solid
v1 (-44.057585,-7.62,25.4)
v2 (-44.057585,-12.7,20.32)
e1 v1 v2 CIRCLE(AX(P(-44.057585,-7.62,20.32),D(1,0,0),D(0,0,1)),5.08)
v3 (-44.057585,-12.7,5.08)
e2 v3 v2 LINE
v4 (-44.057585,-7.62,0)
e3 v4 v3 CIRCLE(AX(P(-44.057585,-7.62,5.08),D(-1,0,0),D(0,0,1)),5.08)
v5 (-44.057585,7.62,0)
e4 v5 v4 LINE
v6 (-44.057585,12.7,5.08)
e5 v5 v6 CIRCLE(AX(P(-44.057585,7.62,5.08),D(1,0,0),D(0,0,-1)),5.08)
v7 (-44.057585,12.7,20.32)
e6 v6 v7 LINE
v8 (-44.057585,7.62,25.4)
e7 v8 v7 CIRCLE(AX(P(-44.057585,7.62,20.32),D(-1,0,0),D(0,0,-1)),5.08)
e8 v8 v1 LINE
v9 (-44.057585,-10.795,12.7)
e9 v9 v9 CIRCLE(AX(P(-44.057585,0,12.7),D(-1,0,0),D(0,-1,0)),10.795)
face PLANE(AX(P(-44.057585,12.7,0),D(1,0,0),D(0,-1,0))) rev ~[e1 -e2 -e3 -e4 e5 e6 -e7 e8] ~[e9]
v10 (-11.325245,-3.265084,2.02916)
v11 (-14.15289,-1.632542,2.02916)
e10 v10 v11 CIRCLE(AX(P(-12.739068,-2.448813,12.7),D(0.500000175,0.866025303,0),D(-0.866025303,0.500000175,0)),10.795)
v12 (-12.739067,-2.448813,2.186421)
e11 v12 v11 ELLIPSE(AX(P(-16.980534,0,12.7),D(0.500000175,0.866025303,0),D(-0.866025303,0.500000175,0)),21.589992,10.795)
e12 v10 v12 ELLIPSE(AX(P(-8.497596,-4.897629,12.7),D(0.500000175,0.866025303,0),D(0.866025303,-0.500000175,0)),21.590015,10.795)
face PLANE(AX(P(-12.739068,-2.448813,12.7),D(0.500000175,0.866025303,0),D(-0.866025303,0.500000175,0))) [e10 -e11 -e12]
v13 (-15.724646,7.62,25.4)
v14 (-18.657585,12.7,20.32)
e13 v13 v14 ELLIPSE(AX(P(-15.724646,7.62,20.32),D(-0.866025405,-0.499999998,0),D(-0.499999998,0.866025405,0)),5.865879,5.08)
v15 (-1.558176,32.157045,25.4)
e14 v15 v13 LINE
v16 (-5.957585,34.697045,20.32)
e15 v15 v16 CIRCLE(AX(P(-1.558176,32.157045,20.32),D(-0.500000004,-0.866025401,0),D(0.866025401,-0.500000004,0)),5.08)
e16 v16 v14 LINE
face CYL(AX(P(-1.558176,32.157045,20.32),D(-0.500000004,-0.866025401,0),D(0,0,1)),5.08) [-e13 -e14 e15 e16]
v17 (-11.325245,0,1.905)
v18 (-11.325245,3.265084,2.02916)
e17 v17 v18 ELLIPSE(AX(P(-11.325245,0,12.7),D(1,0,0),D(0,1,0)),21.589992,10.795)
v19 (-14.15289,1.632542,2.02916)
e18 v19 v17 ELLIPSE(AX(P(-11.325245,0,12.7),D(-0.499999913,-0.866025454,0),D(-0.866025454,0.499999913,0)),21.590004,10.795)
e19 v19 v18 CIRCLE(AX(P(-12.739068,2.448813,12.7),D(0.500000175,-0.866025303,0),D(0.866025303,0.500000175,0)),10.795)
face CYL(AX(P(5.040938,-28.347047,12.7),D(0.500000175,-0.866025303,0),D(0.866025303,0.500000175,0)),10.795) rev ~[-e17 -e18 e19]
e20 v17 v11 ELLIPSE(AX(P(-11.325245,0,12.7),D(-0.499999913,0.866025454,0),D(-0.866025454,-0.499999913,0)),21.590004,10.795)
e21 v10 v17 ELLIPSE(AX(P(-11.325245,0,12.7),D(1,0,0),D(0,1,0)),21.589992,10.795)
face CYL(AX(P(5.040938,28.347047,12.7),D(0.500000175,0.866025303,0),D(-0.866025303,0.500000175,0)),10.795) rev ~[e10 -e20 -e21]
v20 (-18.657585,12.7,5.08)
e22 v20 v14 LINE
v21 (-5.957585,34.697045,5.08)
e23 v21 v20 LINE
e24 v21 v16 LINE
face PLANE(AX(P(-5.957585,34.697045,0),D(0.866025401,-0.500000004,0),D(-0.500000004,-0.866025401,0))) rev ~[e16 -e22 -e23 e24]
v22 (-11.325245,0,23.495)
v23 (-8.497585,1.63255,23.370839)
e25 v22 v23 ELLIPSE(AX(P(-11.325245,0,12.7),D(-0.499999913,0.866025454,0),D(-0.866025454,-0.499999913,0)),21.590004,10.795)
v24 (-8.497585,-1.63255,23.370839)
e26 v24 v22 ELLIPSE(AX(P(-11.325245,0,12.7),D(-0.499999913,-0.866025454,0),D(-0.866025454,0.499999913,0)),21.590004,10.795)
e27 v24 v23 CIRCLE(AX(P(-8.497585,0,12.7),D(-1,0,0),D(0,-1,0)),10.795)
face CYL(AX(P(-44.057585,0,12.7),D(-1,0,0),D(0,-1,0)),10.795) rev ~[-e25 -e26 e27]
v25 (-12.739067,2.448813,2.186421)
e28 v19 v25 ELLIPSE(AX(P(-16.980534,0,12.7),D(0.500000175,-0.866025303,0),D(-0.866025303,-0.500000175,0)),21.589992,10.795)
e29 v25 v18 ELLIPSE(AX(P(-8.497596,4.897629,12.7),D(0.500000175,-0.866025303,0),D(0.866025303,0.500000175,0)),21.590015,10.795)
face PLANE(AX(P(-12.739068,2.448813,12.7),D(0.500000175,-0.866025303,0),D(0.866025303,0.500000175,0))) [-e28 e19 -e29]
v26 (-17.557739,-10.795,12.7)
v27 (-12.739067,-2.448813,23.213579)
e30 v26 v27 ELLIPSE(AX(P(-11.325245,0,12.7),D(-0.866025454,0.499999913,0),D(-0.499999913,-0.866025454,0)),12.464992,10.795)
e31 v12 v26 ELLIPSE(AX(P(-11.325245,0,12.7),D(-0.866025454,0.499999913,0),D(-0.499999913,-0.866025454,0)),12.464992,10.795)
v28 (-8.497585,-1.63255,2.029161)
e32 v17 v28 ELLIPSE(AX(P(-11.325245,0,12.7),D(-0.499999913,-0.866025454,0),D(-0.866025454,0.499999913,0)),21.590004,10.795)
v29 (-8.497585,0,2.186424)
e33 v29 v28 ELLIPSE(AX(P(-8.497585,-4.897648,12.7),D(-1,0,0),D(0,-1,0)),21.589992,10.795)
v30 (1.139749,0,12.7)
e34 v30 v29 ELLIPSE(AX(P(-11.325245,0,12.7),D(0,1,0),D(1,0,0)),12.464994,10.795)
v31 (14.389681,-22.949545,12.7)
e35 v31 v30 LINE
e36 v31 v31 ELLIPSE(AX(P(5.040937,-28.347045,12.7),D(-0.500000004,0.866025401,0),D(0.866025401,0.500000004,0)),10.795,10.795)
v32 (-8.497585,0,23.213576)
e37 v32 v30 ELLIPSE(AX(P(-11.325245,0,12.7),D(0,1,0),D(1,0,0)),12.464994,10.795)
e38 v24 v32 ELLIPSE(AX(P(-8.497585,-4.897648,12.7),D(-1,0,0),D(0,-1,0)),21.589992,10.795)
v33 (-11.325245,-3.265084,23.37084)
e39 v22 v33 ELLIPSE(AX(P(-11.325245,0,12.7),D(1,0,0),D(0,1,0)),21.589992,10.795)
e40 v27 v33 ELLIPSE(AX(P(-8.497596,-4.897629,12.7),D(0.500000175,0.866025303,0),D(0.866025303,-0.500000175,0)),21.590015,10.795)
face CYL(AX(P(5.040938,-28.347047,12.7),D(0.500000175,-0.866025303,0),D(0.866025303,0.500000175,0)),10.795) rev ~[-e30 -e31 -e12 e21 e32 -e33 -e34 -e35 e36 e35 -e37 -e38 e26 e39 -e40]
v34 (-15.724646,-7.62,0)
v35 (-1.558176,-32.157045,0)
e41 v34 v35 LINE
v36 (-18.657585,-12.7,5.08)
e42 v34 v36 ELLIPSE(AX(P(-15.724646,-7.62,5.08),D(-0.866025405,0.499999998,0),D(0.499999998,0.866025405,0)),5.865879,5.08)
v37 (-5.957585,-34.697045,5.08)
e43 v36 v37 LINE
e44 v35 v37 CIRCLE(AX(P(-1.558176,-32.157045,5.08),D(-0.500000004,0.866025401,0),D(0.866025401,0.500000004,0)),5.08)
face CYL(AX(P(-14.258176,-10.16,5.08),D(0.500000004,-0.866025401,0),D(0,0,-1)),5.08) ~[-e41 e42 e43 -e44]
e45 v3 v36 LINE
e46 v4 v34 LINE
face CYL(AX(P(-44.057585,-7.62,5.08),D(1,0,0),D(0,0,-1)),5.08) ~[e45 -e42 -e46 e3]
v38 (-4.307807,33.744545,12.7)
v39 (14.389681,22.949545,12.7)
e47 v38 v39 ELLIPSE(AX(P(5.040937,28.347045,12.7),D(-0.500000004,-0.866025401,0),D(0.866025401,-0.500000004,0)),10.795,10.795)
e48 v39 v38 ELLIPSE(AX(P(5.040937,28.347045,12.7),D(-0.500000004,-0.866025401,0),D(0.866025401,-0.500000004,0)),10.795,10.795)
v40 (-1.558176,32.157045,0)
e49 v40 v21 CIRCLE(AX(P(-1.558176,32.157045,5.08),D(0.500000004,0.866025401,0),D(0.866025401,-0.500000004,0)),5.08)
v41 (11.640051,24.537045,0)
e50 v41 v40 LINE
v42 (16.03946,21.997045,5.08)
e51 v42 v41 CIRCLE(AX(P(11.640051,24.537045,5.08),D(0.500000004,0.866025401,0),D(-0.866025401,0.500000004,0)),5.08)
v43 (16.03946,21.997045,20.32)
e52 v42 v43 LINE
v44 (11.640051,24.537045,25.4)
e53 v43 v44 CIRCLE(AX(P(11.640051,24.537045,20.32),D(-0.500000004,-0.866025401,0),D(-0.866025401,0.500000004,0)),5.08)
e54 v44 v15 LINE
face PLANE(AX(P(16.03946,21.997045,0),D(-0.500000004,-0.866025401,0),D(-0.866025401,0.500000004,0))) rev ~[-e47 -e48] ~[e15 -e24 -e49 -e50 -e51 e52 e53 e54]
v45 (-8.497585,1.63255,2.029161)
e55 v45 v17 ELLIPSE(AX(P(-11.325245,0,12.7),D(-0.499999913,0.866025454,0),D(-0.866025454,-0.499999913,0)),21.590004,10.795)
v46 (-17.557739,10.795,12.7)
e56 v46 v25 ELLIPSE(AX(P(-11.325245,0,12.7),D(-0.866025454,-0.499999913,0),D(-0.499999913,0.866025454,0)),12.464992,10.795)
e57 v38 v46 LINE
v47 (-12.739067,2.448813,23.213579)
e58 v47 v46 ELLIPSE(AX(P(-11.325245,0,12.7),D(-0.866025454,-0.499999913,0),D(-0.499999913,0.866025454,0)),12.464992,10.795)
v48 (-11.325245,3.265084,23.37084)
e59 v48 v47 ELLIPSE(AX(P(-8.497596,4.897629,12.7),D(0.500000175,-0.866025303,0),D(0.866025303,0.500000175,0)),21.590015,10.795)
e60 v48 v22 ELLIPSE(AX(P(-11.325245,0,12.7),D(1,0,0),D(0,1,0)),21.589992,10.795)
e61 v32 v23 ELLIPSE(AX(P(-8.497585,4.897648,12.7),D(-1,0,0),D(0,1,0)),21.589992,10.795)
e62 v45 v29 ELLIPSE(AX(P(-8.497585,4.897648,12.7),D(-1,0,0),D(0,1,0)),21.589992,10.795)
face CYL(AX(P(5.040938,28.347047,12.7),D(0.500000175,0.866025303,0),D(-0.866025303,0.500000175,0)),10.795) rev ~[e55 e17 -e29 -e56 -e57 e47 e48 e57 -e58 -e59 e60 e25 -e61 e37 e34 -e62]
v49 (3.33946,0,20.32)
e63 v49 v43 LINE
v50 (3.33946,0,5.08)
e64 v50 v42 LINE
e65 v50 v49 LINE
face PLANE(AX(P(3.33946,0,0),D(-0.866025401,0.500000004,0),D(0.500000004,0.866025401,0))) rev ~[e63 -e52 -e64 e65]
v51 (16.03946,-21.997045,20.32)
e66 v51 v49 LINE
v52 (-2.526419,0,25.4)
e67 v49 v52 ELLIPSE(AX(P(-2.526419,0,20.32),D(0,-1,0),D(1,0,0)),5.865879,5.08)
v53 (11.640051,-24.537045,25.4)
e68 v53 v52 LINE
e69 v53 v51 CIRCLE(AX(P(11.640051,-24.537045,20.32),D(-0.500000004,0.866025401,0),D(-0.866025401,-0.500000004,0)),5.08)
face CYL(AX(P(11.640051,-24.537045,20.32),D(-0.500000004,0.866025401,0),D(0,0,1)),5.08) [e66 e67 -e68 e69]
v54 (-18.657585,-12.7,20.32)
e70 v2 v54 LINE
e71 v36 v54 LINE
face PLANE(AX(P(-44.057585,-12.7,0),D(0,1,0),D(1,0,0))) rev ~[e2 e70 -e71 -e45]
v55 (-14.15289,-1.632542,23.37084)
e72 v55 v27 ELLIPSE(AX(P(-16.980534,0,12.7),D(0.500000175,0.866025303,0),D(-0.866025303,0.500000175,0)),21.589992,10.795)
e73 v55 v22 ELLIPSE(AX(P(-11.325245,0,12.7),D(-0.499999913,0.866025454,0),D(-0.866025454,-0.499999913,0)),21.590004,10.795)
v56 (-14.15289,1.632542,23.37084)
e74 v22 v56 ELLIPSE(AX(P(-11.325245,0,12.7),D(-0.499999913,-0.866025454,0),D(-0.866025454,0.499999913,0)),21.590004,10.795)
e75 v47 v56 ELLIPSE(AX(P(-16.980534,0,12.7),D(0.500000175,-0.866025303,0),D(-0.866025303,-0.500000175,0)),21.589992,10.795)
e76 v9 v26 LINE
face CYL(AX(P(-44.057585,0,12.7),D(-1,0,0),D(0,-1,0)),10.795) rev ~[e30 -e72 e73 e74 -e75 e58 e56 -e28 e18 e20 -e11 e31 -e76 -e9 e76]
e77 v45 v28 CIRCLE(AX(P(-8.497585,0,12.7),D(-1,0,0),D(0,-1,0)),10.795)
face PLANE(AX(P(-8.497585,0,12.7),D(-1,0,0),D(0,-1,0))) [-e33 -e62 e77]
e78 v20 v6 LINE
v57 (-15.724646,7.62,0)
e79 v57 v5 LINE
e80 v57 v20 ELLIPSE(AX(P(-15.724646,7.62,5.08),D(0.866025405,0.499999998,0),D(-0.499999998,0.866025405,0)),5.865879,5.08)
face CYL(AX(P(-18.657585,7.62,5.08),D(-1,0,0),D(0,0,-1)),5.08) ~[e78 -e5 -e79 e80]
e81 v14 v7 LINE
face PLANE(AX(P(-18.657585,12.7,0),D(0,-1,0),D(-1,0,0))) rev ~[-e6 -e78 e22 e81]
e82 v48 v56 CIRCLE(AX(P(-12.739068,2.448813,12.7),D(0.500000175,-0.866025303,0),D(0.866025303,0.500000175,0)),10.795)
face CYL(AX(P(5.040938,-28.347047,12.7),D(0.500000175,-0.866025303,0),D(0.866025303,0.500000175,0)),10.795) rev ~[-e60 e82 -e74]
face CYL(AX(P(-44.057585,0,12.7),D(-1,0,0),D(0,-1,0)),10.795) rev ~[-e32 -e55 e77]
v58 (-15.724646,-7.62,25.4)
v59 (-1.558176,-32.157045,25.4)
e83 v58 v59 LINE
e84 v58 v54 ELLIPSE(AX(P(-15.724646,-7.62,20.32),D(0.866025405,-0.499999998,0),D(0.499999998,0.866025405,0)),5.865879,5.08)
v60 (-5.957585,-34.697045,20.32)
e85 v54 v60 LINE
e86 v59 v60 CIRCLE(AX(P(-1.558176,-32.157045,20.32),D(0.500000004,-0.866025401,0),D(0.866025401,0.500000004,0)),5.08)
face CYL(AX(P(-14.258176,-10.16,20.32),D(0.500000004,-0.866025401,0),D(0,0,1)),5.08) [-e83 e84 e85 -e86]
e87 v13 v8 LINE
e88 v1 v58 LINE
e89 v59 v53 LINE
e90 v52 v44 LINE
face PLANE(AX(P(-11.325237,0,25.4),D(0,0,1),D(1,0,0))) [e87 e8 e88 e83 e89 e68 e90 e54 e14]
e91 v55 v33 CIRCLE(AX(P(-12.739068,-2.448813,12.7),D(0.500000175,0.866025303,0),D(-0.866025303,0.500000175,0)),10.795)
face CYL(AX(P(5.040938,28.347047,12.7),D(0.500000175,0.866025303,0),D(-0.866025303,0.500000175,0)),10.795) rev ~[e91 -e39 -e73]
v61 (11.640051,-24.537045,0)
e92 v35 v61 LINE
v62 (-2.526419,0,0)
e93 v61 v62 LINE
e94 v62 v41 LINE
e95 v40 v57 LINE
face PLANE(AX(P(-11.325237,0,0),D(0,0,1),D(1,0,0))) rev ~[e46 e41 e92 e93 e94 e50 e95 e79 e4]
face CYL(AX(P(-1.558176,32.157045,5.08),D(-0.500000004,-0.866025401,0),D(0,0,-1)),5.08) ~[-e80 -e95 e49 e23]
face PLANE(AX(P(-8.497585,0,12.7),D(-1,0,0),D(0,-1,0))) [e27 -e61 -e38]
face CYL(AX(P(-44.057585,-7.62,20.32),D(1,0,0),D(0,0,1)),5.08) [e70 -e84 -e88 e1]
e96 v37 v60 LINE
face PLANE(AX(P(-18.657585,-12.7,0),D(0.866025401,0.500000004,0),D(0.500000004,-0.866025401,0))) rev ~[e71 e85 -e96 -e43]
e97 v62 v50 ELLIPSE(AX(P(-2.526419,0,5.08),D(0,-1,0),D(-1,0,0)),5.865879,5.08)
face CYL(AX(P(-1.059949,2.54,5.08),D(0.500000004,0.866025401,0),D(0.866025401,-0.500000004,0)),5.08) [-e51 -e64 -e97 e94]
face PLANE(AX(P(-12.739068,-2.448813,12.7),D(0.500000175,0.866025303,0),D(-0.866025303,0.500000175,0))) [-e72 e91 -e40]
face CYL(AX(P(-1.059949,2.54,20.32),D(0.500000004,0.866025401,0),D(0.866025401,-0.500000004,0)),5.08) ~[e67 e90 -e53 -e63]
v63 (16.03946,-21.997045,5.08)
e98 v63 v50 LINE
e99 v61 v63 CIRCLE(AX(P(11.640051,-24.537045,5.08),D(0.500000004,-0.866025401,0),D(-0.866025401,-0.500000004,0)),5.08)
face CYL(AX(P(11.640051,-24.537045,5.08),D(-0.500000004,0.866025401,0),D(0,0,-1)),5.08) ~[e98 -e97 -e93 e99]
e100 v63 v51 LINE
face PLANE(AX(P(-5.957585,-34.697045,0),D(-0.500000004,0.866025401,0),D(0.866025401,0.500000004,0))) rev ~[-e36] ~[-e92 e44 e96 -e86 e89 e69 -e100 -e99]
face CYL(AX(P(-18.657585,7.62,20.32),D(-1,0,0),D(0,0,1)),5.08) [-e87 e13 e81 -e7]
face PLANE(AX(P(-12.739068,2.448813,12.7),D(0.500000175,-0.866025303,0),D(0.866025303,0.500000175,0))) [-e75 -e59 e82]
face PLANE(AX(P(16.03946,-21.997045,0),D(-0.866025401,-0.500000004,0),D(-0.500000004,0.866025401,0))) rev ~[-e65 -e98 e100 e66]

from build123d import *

# Parameters (mm, degrees)
F1_DEPTH = 25.4
F4_R     = 10.795
F5_DEPTH = 35.56
F3_R     = 10.795
F6_DEPTH = 35.56
F2_R     = 10.795
F7_DEPTH = 35.56
F8_R     = 5.08


with BuildPart() as f1:
    # F0 (on Top) → F1 (new body)
    with BuildSketch(Plane.XY):
        Polygon((16.03946, 21.997045), (-5.957585, 34.697045), (-18.657585, 12.7), (-44.057585, 12.7), (-44.057585, -12.7), (-18.657585, -12.7), (-5.957585, -34.697045), (16.03946, -21.997045), (3.33946, 0), align=None)
    extrude(amount=F1_DEPTH)

    # F4 (on face) → F5 (cut)
    with BuildSketch(Plane(origin=(-44.057585, 0, 0), x_dir=(0, -1, 0), z_dir=(-1, 0, 0))):
        with Locations((0, 12.7)):
            Circle(F4_R)
    extrude(amount=-F5_DEPTH, mode=Mode.SUBTRACT)

    # F3 (on face) → F6 (cut)
    with BuildSketch(Plane(origin=(13.534865, 23.443074, 0), x_dir=(-0.866025, 0.5, 0), z_dir=(0.5, 0.866025, 0))):
        with Locations((9.807943, 12.7)):
            Circle(F3_R)
    extrude(amount=-F6_DEPTH, mode=Mode.SUBTRACT)

    # F2 (on face) → F7 (cut)
    with BuildSketch(Plane(origin=(13.534865, -23.443074, 0), x_dir=(0.866025, 0.5, 0), z_dir=(0.5, -0.866025, 0))):
        with Locations((-9.807943, 12.7)):
            Circle(F2_R)
    extrude(amount=-F7_DEPTH, mode=Mode.SUBTRACT)

    # F8
    f8_edges = [f1.edges().sort_by_distance(p)[0] for p in [
        (-31.357585, -12.7, 25.4),
        (-12.307585, -23.698523, 25.4),
        (-31.357585, 12.7, 25.4),
        (-12.307585, 23.698523, 25.4),
        (9.68946, 10.998523, 25.4),
        (9.68946, -10.998523, 25.4),
        (-31.357585, -12.7, 0),
        (-12.307585, -23.698523, 0),
        (9.68946, -10.998523, 0),
        (9.68946, 10.998523, 0),
        (-31.357585, 12.7, 0),
        (-12.307585, 23.698523, 0),
    ]]
    fillet(f8_edges, radius=F8_R)


solid = f1.part
